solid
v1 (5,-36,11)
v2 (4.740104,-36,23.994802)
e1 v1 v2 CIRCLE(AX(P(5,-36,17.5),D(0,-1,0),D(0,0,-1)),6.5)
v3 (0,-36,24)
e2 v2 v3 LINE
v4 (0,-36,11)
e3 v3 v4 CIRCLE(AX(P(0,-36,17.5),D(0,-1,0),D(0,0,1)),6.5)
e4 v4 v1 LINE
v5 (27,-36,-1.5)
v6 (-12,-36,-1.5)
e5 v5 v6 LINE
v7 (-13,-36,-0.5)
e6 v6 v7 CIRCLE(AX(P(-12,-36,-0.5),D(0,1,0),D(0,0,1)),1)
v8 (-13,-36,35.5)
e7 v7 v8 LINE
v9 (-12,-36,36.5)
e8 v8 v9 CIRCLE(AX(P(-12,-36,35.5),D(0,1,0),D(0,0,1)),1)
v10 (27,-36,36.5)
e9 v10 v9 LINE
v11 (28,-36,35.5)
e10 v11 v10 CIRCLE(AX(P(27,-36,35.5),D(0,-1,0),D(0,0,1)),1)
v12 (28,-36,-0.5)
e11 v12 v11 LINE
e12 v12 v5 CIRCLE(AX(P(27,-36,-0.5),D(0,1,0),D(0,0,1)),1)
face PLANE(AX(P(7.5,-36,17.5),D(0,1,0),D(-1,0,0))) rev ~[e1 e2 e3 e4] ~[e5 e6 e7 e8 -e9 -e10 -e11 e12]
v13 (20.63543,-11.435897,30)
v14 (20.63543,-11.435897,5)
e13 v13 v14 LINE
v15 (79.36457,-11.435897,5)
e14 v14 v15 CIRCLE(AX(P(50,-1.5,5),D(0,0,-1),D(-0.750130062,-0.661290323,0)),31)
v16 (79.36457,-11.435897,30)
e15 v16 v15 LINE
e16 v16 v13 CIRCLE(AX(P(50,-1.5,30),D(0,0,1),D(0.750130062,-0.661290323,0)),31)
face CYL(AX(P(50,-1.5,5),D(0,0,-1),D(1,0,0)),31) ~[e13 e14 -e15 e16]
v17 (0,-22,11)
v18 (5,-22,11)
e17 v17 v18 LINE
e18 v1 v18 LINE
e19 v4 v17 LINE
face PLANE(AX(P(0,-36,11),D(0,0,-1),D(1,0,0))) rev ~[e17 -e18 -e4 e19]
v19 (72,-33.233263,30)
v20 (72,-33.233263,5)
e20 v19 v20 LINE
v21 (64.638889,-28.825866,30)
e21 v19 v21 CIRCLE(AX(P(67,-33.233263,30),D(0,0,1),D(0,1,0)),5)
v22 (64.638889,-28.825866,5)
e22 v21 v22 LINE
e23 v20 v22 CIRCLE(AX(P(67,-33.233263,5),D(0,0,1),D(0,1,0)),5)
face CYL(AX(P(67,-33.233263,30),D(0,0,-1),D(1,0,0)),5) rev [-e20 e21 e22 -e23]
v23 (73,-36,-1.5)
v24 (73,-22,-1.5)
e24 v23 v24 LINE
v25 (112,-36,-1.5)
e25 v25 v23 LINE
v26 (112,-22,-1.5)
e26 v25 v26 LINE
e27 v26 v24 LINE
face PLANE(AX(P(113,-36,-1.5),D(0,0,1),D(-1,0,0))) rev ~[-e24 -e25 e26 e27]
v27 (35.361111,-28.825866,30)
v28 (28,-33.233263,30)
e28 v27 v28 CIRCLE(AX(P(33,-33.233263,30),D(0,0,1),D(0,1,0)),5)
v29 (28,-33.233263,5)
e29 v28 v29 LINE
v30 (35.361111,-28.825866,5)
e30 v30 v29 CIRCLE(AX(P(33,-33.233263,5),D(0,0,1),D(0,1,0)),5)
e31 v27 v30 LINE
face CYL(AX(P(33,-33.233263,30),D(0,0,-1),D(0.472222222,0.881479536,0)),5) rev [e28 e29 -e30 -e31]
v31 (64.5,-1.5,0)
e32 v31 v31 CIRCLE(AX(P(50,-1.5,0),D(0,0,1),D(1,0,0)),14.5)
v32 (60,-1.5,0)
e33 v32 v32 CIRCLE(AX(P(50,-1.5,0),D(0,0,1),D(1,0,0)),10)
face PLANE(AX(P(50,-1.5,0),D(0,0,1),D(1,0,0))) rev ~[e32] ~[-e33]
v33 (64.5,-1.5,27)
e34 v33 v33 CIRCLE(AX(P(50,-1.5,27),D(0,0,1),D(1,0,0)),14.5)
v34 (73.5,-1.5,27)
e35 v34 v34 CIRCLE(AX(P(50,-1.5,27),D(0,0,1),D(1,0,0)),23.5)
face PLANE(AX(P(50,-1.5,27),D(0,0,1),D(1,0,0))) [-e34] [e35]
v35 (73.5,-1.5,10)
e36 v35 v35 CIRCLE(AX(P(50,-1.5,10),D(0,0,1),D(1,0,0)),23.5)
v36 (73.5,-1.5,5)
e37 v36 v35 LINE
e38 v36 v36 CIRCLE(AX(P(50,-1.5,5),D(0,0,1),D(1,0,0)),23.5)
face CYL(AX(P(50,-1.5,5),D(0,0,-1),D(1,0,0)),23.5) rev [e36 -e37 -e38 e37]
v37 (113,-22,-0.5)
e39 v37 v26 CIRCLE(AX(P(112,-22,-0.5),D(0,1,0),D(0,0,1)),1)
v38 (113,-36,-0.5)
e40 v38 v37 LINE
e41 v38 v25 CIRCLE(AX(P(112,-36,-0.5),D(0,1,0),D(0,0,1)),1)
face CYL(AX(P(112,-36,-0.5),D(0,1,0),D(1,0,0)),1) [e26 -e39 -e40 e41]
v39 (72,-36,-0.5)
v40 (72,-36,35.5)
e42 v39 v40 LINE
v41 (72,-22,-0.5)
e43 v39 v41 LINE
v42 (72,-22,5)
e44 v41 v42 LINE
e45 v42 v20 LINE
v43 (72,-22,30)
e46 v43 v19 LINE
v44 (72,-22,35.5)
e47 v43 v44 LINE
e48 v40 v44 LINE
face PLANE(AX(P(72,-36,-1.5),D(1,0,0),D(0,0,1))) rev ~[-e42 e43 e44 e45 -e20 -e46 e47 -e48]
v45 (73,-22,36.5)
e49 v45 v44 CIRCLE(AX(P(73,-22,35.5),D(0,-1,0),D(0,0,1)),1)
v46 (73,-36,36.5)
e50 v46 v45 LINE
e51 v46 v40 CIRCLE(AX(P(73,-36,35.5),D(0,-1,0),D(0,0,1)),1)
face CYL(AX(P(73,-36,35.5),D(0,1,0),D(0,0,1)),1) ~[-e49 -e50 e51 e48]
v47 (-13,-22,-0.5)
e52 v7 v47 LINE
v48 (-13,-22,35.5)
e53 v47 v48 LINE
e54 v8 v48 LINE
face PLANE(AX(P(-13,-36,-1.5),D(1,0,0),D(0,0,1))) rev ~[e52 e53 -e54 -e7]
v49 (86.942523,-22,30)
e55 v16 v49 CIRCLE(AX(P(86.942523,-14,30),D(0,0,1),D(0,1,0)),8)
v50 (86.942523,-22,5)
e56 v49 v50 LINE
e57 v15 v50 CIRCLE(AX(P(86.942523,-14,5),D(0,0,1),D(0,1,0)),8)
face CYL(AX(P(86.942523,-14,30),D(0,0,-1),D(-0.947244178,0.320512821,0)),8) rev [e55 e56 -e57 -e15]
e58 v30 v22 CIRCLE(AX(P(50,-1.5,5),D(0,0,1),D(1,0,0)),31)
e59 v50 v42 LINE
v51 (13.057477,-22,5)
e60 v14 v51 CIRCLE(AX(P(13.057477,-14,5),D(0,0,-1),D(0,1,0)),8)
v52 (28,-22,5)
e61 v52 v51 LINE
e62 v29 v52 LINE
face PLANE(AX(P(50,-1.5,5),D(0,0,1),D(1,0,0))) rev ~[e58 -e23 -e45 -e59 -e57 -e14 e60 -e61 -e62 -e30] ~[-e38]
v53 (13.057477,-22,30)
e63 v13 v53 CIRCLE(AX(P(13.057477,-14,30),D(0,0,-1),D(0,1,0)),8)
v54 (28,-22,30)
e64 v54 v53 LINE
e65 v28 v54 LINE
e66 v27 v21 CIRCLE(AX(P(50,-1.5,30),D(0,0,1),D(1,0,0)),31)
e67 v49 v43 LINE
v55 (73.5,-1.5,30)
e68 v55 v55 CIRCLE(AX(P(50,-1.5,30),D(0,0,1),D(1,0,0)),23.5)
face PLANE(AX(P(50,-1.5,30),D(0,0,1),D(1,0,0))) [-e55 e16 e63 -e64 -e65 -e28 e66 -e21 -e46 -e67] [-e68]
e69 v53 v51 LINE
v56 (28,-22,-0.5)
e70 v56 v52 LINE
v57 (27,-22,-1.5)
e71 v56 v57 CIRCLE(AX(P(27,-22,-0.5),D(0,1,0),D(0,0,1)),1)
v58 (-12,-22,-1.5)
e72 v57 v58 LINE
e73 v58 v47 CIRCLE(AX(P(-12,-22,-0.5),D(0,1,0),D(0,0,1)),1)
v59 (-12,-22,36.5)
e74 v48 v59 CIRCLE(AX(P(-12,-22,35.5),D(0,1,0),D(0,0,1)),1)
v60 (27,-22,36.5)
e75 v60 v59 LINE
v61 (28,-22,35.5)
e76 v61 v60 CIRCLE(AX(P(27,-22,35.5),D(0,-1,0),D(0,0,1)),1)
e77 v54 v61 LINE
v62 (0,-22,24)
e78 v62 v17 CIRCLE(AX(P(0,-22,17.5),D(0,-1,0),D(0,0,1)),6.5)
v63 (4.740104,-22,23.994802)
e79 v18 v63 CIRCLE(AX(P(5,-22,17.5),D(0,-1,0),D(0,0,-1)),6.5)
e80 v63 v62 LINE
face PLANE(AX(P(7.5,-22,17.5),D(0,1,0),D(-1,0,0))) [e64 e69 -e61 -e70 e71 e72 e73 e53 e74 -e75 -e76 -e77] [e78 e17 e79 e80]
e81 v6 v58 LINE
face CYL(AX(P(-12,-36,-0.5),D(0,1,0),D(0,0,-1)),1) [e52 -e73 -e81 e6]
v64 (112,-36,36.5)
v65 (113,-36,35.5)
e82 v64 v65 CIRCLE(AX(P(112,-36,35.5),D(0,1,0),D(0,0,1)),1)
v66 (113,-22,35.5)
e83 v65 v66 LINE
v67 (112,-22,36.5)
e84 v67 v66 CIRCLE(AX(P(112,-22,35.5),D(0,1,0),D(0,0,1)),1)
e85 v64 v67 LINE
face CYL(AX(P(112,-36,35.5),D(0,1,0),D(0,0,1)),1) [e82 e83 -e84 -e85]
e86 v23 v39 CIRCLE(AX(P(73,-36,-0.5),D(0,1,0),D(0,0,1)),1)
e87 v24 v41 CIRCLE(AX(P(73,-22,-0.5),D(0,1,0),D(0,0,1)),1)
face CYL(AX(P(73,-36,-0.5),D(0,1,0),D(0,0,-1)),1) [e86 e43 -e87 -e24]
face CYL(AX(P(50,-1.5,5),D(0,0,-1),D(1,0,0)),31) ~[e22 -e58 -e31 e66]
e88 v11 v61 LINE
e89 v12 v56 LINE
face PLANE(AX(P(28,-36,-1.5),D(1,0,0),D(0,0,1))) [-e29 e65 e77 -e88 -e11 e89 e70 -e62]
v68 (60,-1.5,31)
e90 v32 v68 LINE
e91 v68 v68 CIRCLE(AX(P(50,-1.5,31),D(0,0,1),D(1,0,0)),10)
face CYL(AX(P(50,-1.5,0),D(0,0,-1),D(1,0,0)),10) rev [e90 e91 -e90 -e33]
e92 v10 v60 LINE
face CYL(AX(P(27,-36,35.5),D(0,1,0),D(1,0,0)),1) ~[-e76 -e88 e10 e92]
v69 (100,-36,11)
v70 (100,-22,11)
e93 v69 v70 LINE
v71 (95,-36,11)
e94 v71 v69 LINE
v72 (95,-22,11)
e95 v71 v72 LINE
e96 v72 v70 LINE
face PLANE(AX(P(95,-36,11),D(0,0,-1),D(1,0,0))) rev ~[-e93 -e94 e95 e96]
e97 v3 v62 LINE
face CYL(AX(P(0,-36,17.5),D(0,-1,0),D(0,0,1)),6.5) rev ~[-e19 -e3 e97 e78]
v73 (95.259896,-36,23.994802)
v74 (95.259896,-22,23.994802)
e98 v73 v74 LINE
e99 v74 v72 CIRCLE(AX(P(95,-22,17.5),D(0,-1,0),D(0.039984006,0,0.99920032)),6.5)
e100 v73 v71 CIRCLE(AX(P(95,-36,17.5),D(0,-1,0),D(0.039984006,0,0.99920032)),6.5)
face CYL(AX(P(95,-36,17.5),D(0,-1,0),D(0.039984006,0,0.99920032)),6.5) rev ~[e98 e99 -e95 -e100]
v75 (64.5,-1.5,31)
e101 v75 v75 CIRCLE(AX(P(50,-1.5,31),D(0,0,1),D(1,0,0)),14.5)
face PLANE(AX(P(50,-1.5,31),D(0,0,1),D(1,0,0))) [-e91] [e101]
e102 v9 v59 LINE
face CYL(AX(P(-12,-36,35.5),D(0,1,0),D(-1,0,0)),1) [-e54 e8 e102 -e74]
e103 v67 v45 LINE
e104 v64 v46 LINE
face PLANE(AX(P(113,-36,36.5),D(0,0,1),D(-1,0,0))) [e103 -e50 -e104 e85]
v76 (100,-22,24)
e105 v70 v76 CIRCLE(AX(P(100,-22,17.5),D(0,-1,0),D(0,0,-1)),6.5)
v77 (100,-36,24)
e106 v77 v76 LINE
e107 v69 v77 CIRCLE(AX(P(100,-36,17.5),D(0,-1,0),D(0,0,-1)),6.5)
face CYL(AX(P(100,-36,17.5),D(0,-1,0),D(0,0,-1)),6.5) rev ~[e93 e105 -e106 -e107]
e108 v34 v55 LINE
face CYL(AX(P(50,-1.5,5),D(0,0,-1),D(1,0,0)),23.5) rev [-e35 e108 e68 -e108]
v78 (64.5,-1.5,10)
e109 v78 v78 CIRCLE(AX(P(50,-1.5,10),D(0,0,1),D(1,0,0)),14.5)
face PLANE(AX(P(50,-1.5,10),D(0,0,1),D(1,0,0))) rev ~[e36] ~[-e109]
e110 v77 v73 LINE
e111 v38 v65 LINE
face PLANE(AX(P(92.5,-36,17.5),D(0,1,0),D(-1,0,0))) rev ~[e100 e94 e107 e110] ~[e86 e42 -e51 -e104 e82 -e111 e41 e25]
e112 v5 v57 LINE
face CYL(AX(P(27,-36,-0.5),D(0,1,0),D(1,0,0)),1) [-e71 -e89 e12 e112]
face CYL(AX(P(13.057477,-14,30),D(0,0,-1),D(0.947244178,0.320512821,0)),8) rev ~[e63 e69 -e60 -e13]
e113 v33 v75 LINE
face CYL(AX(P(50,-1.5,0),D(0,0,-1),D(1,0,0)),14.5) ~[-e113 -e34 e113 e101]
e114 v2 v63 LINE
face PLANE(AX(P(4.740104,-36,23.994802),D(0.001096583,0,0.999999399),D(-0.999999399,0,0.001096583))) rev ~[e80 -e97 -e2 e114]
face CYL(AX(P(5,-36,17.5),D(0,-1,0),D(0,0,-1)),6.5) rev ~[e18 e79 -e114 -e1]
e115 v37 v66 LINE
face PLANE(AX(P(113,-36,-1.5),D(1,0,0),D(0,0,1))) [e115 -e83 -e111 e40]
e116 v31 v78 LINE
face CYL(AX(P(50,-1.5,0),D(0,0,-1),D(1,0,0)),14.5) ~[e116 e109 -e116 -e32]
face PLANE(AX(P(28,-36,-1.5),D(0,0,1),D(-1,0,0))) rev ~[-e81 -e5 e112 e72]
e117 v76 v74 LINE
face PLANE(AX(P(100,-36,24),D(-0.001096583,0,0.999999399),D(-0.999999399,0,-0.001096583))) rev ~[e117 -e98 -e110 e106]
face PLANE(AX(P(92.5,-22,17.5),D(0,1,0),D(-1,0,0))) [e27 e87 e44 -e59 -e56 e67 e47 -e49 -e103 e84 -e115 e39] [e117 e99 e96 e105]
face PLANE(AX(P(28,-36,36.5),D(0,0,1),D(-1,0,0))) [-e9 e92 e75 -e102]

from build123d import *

# Parameters (mm, degrees)
SKETCH_8_R      = 14.5
SKETCH_8_R_2    = 10
EXTRUDE_1_DEPTH = 31
SKETCH_10_R     = 23.5
SKETCH_10_R_2   = 14.5
EXTRUDE_2_DEPTH = 17
EXTRUDE_START   = -5
SKETCH_11_R     = 31
SKETCH_11_R_2   = 23.5
EXTRUDE_3_DEPTH = 25
SKETCH_13_W     = 41
SKETCH_13_H     = 38
EXTRUDE_4_DEPTH = 14
FILLET_1_R      = 8
FILLET_2_R      = 5
FILLET_3_R      = 5
FILLET_4_R      = 8
FILLET_5_R      = 1
FILLET_6_R      = 1


with BuildPart() as part:
    # Эскиз8 → Вытянуть1 (new body)
    with BuildSketch(Plane.XY):
        with Locations((50, -1.5)):
            Circle(SKETCH_8_R)
        with Locations((50, -1.5)):
            Circle(SKETCH_8_R_2, mode=Mode.SUBTRACT)
    extrude(amount=EXTRUDE_1_DEPTH)

    # Эскиз10 → Вытянуть2 (add)
    with BuildSketch(Plane.XY.offset(10)):
        with Locations((50, -1.5)):
            Circle(SKETCH_10_R)
        with Locations((50, -1.5)):
            Circle(SKETCH_10_R_2, mode=Mode.SUBTRACT)
    extrude(amount=EXTRUDE_2_DEPTH)

    # Эскиз11 → Вытянуть3 (add)
    with BuildSketch(Plane.XY.offset(10).offset(EXTRUDE_START)):
        with Locations((50, -1.5)):
            Circle(SKETCH_11_R)
        with Locations((50, -1.5)):
            Circle(SKETCH_11_R_2, mode=Mode.SUBTRACT)
    extrude(amount=EXTRUDE_3_DEPTH)

    # Эскиз13 → Вытянуть4 (add)
    # profile 1 of 2: a face of its own
    with BuildSketch(Plane(origin=(0, -36, 0), x_dir=(-1, 0, 0), z_dir=(0, 1, 0))):
        with Locations((-7.5, 17.5)):
            Rectangle(SKETCH_13_W, SKETCH_13_H)
        with BuildLine():
            Line((-4.740103958, 23.994802079), (0, 24))
            ThreePointArc((0, 24), (6.5, 17.5), (0, 11))
            Line((0, 11), (-5, 11))
            ThreePointArc((-5, 11), (-11.49870039, 17.629974008), (-4.740103958, 23.994802079))
        make_face(mode=Mode.SUBTRACT)
    # profile 2 of 2: a face of its own
    with BuildSketch(Plane(origin=(0, -36, 0), x_dir=(-1, 0, 0), z_dir=(0, 1, 0))):
        with Locations((-92.5, 17.5)):
            Rectangle(SKETCH_13_W, SKETCH_13_H)
        with BuildLine():
            Line((-95, 11), (-100, 11))
            ThreePointArc((-100, 11), (-106.5, 17.5), (-100, 24))
            Line((-100, 24), (-95.259896042, 23.994802079))
            ThreePointArc((-95.259896042, 23.994802079), (-88.50129961, 17.629974008), (-95, 11))
        make_face(mode=Mode.SUBTRACT)
    extrude(amount=EXTRUDE_4_DEPTH)

    # Скругление1
    fillet_1_edges = [part.edges().sort_by_distance(p)[0] for p in [
        (26.745968092, -22, 17.5),
    ]]
    fillet(fillet_1_edges, radius=FILLET_1_R)

    # Скругление2
    fillet_2_edges = [part.edges().sort_by_distance(p)[0] for p in [
        (28, -23.340329668, 17.5),
    ]]
    fillet(fillet_2_edges, radius=FILLET_2_R)

    # Скругление3
    fillet_3_edges = [part.edges().sort_by_distance(p)[0] for p in [
        (72, -23.340329668, 17.5),
    ]]
    fillet(fillet_3_edges, radius=FILLET_3_R)

    # Скругление4
    fillet_4_edges = [part.edges().sort_by_distance(p)[0] for p in [
        (73.254031908, -22, 17.5),
    ]]
    fillet(fillet_4_edges, radius=FILLET_4_R)

    # Скругление5
    fillet_5_edges = [part.edges().sort_by_distance(p)[0] for p in [
        (28, -29, 36.5),
        (28, -29, -1.5),
        (72, -29, -1.5),
        (72, -29, 36.5),
    ]]
    fillet(fillet_5_edges, radius=FILLET_5_R)

    # Скругление6
    fillet_6_edges = [part.edges().sort_by_distance(p)[0] for p in [
        (-13, -29, -1.5),
        (-13, -29, 36.5),
        (113, -29, 36.5),
        (113, -29, -1.5),
    ]]
    fillet(fillet_6_edges, radius=FILLET_6_R)


solid = part.part
